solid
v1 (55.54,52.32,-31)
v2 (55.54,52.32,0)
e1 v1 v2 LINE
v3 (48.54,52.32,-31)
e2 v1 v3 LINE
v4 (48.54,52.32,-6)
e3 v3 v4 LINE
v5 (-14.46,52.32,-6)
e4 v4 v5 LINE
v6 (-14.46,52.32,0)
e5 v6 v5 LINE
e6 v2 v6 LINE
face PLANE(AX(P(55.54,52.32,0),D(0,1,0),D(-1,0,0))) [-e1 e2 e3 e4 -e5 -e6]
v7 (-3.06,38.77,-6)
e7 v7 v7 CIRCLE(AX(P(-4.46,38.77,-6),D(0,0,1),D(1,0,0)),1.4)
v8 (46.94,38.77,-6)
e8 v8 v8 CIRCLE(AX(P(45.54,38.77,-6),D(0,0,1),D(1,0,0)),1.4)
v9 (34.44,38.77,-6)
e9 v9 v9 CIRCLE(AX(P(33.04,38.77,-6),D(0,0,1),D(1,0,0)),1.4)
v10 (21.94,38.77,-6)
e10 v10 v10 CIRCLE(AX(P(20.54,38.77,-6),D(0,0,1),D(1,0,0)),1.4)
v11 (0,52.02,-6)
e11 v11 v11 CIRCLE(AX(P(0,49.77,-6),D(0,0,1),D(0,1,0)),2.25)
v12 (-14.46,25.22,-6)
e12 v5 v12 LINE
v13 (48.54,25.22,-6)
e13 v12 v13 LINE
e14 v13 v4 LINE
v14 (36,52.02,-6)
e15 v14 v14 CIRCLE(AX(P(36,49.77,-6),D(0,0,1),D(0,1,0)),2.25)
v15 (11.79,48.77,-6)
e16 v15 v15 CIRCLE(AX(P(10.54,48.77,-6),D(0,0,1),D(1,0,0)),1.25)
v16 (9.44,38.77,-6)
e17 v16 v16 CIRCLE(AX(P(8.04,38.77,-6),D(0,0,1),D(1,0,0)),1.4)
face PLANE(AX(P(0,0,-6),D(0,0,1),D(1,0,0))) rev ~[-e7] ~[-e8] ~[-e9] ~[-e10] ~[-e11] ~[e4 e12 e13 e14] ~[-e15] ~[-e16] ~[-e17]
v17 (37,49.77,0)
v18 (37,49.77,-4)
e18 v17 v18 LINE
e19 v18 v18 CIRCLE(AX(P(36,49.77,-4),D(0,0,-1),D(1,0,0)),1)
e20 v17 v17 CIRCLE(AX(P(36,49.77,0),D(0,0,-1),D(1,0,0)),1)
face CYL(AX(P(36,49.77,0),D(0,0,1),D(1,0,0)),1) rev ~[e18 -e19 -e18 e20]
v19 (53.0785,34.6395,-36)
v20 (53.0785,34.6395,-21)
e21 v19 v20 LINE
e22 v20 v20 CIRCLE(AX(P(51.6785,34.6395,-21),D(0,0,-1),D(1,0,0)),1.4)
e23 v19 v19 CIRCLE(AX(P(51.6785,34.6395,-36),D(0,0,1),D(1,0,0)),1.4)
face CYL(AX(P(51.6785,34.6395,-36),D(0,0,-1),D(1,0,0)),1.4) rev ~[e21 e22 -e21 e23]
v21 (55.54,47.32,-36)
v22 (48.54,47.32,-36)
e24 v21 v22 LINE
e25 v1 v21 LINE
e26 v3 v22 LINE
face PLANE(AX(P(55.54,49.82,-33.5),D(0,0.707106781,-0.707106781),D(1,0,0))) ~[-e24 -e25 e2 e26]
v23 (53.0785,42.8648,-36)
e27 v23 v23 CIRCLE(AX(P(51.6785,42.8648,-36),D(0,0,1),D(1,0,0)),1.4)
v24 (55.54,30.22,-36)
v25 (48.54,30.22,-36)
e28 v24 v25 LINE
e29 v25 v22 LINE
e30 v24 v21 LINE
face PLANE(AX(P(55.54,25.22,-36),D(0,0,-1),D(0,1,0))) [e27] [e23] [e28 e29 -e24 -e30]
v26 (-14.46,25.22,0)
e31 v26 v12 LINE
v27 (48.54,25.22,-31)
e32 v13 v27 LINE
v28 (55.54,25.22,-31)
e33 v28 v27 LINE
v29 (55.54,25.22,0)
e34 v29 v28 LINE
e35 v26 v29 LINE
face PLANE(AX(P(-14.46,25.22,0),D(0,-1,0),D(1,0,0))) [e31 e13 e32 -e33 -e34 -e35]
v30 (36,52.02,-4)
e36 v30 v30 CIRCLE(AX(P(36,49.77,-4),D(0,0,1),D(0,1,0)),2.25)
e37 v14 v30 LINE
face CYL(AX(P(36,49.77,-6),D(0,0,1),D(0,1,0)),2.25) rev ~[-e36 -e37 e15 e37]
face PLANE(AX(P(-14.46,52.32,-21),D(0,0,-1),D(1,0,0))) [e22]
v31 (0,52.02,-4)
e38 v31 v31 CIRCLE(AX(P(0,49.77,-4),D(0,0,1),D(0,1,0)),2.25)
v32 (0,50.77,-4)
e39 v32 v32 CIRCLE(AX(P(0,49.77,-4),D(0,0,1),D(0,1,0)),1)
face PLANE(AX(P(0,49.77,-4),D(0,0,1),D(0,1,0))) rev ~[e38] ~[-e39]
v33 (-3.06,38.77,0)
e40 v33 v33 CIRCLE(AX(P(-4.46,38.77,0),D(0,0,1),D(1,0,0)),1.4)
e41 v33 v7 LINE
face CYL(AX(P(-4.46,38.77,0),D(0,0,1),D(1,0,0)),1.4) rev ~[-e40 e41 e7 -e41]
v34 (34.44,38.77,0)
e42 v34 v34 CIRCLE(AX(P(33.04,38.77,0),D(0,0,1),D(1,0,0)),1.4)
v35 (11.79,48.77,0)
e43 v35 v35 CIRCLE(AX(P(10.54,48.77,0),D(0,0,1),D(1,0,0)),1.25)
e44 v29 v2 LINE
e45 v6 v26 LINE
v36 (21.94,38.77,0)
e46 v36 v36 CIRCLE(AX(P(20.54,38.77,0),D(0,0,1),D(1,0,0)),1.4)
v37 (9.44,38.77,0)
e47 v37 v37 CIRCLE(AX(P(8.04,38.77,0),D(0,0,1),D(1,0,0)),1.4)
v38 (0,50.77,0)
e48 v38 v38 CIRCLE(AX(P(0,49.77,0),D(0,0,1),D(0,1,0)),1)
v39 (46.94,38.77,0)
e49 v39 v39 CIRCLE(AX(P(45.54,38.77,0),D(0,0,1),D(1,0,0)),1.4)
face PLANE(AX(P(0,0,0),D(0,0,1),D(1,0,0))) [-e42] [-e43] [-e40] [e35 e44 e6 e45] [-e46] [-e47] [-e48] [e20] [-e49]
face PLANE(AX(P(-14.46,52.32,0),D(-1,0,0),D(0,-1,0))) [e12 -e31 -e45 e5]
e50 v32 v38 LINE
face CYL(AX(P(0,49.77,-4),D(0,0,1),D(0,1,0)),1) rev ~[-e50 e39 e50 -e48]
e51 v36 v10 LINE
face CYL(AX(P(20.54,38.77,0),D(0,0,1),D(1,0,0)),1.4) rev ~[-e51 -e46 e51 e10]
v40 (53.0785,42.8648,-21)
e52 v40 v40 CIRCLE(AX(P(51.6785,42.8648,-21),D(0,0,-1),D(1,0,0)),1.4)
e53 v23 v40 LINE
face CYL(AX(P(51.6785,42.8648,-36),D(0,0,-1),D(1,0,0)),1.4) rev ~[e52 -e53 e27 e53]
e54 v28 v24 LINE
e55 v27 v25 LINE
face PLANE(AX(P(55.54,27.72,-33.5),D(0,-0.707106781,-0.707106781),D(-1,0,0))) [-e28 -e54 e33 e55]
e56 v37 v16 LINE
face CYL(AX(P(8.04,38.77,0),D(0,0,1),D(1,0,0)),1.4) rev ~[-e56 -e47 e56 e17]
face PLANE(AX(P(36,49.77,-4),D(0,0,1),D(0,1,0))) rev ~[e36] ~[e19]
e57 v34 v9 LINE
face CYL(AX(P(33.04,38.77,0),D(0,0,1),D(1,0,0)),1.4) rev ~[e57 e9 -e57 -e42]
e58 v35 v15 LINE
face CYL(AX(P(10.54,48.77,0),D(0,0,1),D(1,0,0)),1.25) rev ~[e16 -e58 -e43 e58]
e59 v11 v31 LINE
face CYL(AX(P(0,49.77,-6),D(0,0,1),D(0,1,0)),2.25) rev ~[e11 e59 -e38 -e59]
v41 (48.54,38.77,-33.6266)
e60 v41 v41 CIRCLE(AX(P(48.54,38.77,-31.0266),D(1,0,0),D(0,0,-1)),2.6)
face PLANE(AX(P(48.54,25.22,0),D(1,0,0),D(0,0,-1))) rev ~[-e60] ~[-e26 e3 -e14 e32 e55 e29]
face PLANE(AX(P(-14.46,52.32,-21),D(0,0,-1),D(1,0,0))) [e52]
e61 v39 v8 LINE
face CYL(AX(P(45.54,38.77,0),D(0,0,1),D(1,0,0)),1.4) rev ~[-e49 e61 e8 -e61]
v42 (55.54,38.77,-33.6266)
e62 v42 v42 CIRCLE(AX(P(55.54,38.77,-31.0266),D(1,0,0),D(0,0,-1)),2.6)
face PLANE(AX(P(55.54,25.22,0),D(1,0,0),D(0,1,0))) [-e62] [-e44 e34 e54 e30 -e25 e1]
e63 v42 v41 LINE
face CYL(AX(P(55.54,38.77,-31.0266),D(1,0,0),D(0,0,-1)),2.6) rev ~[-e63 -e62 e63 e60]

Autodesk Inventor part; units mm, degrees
ref_plane "YZ Plane" through (0, 0, 0) normal (1, 0, 0) x (0, 1, 0)
ref_plane "XZ Plane" through (0, 0, 0) normal (0, 1, 0) x (-1, 0, 0)
ref_plane "Arbeitsebene1" through (0, 0, 0) normal (0, 0, 1) x (1, 0, 0)
sketch "Skizze1" plane through (0, 0, 0) normal (0, 0, 1) x (1, 0, 0)
  circle A0 centre (-64.84, -24.91) radius 1.5 projected
  circle A1 centre (85.34, -22.83) radius 1 projected
  circle A2 centre (85.34, -43.41) radius 1 projected
  circle A3 centre (-64.84, 35.59) radius 1.5 projected
  circle A4 centre (-11.66, -50.59) radius 1.5 projected
  circle A5 centre (85.34, 37.77) radius 1 projected
  circle A6 centre (54.34, -50.59) radius 1.5 projected
  circle A7 centre (85.34, 58.59) radius 1 projected
  line L0 (-89.84, 67.09) -> (89.84, 67.09) projected
  line L1 (-89.84, -67.09) -> (-89.84, 67.09) projected
  line L2 (89.84, -67.09) -> (-89.84, -67.09) projected
  line L3 (89.84, 67.09) -> (89.84, -67.09) projected
  arc A8 (-32.14, 53.27) -> (-37.14, 48.27) centre (-32.14, 48.27) ccw projected
  line L4 (73.22, 53.27) -> (-32.14, 53.27) projected
  arc A9 (78.22, 48.27) -> (73.22, 53.27) centre (73.22, 48.27) ccw projected
  line L5 (78.22, -36.73) -> (78.22, 48.27) projected
  arc A10 (73.22, -41.73) -> (78.22, -36.73) centre (73.22, -36.73) ccw projected
  line L6 (-32.14, -41.73) -> (73.22, -41.73) projected
  arc A11 (-37.14, -36.73) -> (-32.14, -41.73) centre (-32.14, -36.73) ccw projected
  line L7 (-37.14, 48.27) -> (-37.14, -36.73) projected
  circle A12 centre (37.4417, 38.67) radius 1.75 projected
  circle A13 centre (24.9417, 38.67) radius 1.75 projected
  circle A14 centre (12.4417, 38.67) radius 1.75 projected
  circle A15 centre (-0.0583, 38.67) radius 1.75 projected
  line L8 (-4.46, 32.72) -> (-4.46, 44.82) construction
  line L9 (-4.46, 32.72) -> (45.54, 32.72) projected
  line L10 (45.54, 32.72) -> (45.54, 44.82) construction
  line L11 (-4.46, 44.82) -> (45.54, 44.82) projected
  circle A16 centre (36, 49.77) radius 1 projected
  circle A17 centre (10.54, 48.77) radius 1.25 projected
  line L12 (55.54, 52.32) -> (-14.46, 52.32)
  line L13 (-14.46, 52.32) -> (-14.46, 25.22)
  line L14 (-14.46, 25.22) -> (55.54, 25.22)
  line L15 (55.54, 25.22) -> (55.54, 52.32)
  circle A18 centre (20.54, 38.77) radius 1.4
  circle A19 centre (33.04, 38.77) radius 1.4
  circle A20 centre (45.54, 38.77) radius 1.4
  circle A21 centre (8.04, 38.77) radius 1.4
  circle A22 centre (20.54, 38.77) radius 1.4
  circle A23 centre (33.04, 38.77) radius 1.4
  circle A24 centre (-4.46, 38.77) radius 1.4
  circle A25 centre (8.04, 38.77) radius 1.4
  circle A26 centre (20.54, 38.77) radius 1.4
  point P0 (0, 0)
  dimension "d0" = 10
  dimension "d1" = 10
  dimension "d2" = 7.5
  dimension "d3" = 7.5
  dimension "d4" = 2.8
  dimension "d7" = 12.5
  dimension "d10" = 12.5
ref_plane "Arbeitsebene2" through (-4.46, 32.72, -4) normal (0, 0, 1) x (1, 0, 0)
extrude "Extrusion1" add sketch "Skizze1" against normal blind 6 contours A12 | A13 | A14 | A15 | L15 L14 L13 L12
sketch "Skizze2" plane through (55.54, 25.22, -6) normal (0, 0, -1) x (-1, 0, 0)
  circle A0 centre (19.54, 24.55) radius 1 projected
  circle A1 centre (55.54, 24.55) radius 1 projected
  point P0 (55.54, -25.22)
hole "Bohrung1" at (0, 49.77, -6) at (36, 49.77, -6) direction (0, 0, 1) diameter 2 end through all counterbore diameter 4.5 counterbore depth 2
sketch "Skizze3" plane through (55.54, 25.22, 0) normal (1, 0, 0) x (0, 0, -1)
  line L0 (0, 27.1) -> (6, 27.1) projected
  line L1 (4, 27.1) -> (4, 0) projected
  line L2 (0, 0) -> (6, 0) projected
  line L3 (4, 0) -> (36, 0)
  line L4 (36, 0) -> (36, 27.1)
  line L5 (36, 27.1) -> (4, 27.1)
  line L6 (4, 27.1) -> (4, 0)
  circle A0 centre (31.0266, 13.55) radius 3.005 construction
  circle A1 centre (31.0266, 13.55) radius 2.8511 construction
  circle A2 centre (31.0266, 13.55) radius 2.6
  point P0 (0, -25.22)
  dimension "d22" = 32
  dimension "d44" = 5.2
extrude "Extrusion2" add sketch "Skizze3" against normal blind 7
chamfer "Fase1" distance 5 angle 45 2 edges at (52.04, 52.32, -36) (52.04, 25.22, -36)
sketch "Skizze4" plane through (-14.46, 52.32, -36) normal (0, 0, -1) x (1, 0, 0)
  circle A0 centre (66.1385, 17.6805) radius 1.4
  line L0 (69.238, 10.6988) -> (61.364, 10.6988)
  line L1 (69.238, 16.4011) -> (61.364, 16.4011)
  circle A1 centre (66.1385, 9.4552) radius 1.4
  point P0 (14.46, 52.32)
  dimension "d30" = 2.8
  dimension "d41" = 2.8
ref_plane "Arbeitsebene3" through (0, 0, -12.82) normal (0, 0, -1) x (-1, 0, 0)
extrude "Extrusion4" cut sketch "Skizze4" against normal blind 15
properties part number "30_XYTabel_Aliexpress_cellSTORM_xmount"
